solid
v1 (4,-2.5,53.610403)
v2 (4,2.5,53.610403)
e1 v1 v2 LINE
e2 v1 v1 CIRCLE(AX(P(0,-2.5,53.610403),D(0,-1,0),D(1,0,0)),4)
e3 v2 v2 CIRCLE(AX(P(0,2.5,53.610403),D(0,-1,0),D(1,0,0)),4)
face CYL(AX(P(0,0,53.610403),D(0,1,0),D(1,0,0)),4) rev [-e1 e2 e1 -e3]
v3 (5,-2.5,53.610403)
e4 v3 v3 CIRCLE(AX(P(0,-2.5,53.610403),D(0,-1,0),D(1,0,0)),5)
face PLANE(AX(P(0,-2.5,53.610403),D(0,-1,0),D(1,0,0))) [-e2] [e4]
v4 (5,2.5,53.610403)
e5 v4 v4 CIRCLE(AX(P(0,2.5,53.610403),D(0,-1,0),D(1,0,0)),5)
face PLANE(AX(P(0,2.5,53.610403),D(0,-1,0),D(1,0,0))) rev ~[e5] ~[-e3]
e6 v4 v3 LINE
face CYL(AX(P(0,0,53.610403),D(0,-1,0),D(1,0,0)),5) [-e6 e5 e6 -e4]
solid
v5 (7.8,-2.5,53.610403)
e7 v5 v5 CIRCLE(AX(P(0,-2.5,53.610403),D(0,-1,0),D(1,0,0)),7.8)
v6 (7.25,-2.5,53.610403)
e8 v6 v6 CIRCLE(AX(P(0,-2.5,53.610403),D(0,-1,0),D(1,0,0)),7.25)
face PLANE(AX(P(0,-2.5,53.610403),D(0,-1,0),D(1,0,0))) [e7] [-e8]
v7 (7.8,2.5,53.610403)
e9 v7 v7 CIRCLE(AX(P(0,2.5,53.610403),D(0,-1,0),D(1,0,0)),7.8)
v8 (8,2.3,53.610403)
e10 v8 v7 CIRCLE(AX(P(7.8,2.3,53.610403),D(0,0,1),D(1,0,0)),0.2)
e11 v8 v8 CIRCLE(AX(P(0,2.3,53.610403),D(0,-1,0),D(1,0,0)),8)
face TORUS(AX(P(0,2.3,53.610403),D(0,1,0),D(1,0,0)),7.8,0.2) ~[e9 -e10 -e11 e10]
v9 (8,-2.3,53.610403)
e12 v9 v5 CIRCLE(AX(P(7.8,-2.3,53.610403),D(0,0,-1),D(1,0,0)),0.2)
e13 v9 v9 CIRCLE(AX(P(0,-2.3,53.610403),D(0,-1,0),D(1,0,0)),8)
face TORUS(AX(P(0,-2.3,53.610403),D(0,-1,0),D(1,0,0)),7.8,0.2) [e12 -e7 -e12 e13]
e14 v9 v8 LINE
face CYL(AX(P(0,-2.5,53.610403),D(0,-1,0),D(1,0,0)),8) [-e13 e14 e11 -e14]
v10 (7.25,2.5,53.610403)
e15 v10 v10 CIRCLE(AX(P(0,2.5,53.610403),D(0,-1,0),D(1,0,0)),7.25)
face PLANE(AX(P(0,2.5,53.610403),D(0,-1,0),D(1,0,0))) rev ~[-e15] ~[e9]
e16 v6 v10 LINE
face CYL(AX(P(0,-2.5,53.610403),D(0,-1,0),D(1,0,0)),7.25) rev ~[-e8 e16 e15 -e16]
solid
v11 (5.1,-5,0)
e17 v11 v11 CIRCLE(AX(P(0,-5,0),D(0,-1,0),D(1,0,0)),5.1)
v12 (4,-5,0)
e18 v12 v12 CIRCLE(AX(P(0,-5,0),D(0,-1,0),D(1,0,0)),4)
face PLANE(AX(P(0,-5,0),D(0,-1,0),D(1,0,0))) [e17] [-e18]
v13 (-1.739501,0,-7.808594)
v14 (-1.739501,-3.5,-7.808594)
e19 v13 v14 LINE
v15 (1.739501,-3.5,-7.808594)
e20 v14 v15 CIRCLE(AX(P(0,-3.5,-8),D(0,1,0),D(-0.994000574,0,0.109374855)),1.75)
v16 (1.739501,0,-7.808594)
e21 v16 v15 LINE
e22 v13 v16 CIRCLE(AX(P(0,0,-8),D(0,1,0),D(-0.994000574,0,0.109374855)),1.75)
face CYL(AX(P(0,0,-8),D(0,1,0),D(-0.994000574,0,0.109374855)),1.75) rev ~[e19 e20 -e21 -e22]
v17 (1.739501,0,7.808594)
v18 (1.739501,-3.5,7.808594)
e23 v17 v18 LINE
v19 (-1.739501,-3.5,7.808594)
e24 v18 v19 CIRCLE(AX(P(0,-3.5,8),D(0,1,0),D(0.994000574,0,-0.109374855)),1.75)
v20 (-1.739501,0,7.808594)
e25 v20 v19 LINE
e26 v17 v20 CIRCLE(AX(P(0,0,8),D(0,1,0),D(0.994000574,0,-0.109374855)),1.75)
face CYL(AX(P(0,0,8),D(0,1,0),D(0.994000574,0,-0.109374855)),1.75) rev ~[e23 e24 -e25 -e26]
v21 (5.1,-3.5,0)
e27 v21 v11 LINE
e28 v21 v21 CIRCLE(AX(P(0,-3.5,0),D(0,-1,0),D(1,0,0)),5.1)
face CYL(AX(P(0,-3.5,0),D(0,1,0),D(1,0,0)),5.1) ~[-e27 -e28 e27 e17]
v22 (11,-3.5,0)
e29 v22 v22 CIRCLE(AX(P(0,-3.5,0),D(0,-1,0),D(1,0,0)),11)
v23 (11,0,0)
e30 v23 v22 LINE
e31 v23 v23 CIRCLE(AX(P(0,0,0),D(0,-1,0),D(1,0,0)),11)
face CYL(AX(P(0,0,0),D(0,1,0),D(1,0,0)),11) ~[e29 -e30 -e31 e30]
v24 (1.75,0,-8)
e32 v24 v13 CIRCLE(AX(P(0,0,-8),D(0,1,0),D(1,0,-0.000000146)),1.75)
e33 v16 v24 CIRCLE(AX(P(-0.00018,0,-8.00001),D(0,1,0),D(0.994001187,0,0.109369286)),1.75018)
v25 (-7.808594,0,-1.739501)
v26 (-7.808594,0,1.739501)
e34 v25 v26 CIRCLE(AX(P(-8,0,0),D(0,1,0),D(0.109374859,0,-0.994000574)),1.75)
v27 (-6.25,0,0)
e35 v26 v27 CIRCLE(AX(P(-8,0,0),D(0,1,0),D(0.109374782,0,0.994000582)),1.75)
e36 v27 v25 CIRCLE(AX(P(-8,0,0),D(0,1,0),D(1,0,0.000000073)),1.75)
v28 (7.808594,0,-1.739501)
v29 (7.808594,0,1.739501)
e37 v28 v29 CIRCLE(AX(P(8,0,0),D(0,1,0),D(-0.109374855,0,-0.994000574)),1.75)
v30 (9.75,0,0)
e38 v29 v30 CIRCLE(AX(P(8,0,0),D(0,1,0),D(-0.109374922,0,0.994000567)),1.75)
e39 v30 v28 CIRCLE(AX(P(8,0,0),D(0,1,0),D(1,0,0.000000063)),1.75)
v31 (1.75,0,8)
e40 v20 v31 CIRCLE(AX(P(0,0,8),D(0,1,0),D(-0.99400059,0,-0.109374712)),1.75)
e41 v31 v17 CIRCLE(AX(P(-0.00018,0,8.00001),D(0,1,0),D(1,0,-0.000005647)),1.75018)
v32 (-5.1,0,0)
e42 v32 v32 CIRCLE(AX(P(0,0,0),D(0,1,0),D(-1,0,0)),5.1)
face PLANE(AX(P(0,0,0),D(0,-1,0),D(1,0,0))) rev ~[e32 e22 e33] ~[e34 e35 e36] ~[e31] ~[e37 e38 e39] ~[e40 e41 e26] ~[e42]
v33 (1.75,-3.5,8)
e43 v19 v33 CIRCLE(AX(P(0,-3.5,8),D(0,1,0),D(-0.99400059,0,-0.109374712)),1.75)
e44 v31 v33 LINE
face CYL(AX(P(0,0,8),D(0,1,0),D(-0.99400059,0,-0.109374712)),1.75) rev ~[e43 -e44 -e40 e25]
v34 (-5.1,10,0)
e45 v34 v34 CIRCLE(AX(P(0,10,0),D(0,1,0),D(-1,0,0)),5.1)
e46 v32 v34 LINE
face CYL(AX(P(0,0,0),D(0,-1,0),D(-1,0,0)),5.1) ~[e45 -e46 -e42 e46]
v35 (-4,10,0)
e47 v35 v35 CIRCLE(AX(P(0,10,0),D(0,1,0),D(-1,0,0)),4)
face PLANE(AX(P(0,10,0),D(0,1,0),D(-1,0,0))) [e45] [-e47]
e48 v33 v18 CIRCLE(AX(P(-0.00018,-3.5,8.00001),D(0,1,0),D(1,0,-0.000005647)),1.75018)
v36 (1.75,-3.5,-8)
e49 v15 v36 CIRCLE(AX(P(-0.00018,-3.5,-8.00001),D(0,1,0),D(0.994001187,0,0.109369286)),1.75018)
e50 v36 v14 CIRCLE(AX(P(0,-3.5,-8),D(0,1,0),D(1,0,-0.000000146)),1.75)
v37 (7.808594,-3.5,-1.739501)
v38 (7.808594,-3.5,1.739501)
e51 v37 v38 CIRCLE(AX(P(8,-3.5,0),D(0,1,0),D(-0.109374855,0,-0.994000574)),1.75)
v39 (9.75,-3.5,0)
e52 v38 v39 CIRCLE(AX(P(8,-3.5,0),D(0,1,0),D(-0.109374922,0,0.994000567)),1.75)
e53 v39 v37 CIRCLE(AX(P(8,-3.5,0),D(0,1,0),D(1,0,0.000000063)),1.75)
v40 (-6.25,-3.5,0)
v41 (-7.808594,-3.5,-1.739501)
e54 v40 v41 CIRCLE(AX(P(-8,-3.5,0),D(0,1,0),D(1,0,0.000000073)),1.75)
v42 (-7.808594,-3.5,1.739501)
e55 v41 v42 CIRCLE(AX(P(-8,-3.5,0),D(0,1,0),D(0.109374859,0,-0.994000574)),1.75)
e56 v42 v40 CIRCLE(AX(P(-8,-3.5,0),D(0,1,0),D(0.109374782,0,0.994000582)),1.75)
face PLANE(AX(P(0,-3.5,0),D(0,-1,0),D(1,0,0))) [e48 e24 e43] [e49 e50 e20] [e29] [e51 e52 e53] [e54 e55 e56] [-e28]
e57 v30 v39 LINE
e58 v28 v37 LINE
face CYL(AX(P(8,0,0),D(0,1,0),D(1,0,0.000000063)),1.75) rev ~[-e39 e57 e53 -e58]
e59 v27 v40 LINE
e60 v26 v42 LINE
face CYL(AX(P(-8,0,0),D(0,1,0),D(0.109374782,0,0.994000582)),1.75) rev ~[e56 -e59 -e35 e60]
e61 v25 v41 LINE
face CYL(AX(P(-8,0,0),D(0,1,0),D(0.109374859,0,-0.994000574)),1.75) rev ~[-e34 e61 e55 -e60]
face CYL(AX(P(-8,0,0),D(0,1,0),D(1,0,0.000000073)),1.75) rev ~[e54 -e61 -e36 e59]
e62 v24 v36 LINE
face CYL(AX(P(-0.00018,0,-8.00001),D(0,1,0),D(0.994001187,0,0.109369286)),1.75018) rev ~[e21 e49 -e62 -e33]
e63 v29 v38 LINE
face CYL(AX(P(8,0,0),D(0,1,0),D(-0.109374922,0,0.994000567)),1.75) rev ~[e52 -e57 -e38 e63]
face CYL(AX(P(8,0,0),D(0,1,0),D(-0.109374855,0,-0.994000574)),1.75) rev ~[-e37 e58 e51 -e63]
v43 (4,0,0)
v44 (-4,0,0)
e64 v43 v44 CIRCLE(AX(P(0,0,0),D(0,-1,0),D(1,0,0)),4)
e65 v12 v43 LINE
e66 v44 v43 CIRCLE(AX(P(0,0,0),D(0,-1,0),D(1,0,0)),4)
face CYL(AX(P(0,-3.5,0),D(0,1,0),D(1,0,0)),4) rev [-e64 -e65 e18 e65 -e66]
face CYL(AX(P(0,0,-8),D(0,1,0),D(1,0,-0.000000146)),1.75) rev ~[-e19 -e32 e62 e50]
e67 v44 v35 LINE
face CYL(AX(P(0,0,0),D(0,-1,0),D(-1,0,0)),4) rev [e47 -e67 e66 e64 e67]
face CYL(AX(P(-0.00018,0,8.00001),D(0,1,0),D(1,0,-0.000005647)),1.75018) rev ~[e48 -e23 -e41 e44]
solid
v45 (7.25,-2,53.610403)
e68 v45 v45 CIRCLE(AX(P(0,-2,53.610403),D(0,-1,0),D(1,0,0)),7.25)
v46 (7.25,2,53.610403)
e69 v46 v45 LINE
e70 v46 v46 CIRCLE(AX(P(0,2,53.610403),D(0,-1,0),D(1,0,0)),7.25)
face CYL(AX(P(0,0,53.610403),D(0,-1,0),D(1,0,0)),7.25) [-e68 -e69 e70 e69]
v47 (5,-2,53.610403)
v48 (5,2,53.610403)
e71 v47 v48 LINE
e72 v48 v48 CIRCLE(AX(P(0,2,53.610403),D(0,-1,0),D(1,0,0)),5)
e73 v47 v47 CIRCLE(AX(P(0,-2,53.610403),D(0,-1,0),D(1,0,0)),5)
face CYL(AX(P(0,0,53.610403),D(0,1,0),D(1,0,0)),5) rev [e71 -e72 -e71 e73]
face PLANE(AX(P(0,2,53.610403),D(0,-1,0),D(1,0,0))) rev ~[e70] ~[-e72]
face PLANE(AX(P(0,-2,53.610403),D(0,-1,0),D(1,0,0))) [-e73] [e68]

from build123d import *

# Parameters (mm, degrees)
F0_R      = 11
F0_R_2    = 4
F1_DEPTH  = 3.5
F2_R      = 5.1
F2_R_2    = 4
F3_DEPTH  = 1.5
F4_R      = 5.1
F4_R_2    = 4
F5_DEPTH  = 10
F6_R      = 5
F6_R_2    = 4
F7_DEPTH  = 2.5
F8_R      = 7.25
F8_R_2    = 5
F9_DEPTH  = 2
F10_R     = 8
F10_R_2   = 7.25
F11_DEPTH = 5
F12_R     = 0.2


with BuildPart() as f1:
    # F0 (on Front) → F1 (new body)
    with BuildSketch(Plane.XZ):
        Circle(F0_R)
        with BuildLine():
            ThreePointArc((1.739501, 7.808594), (5.656854, 5.656854), (7.808594, 1.739501))
            ThreePointArc((7.808594, 1.739501), (9.167805, 1.303354), (9.75, 0))
            ThreePointArc((9.75, 0), (9.167805, -1.303354), (7.808594, -1.739501))
            ThreePointArc((7.808594, -1.739501), (5.656854, -5.656854), (1.739501, -7.808594))
            ThreePointArc((1.739501, -7.808594), (1.747373, -7.904153), (1.75, -8))
            ThreePointArc((1.75, -8), (-0.095847, -9.747373), (-1.739501, -7.808594))
            ThreePointArc((-1.739501, -7.808594), (-5.656854, -5.656854), (-7.808594, -1.739501))
            ThreePointArc((-7.808594, -1.739501), (-9.75, 0), (-7.808594, 1.739501))
            ThreePointArc((-7.808594, 1.739501), (-5.656854, 5.656854), (-1.739501, 7.808594))
            ThreePointArc((-1.739501, 7.808594), (-0.095847, 9.747373), (1.75, 8))
            ThreePointArc((1.75, 8), (1.747373, 7.904153), (1.739501, 7.808594))
        make_face(mode=Mode.SUBTRACT)
        with BuildLine():
            ThreePointArc((7.808594, -1.739501), (6.25, 0), (7.808594, 1.739501))
            ThreePointArc((7.808594, 1.739501), (5.656854, 5.656854), (1.739501, 7.808594))
            ThreePointArc((1.739501, 7.808594), (0, 6.25), (-1.739501, 7.808594))
            ThreePointArc((-1.739501, 7.808594), (-5.656854, 5.656854), (-7.808594, 1.739501))
            ThreePointArc((-7.808594, 1.739501), (-6.696646, 1.167805), (-6.25, 0))
            ThreePointArc((-6.25, 0), (-6.696646, -1.167805), (-7.808594, -1.739501))
            ThreePointArc((-7.808594, -1.739501), (-5.656854, -5.656854), (-1.739501, -7.808594))
            ThreePointArc((-1.739501, -7.808594), (0, -6.25), (1.739501, -7.808594))
            ThreePointArc((1.739501, -7.808594), (5.656854, -5.656854), (7.808594, -1.739501))
        make_face()
        Circle(F0_R_2, mode=Mode.SUBTRACT)
    extrude(amount=F1_DEPTH)

    # F2 (on face) → F3 (join)
    with BuildSketch(Plane.XZ.offset(3.5)):
        Circle(F2_R)
        Circle(F2_R_2, mode=Mode.SUBTRACT)
    extrude(amount=F3_DEPTH)

    # F4 (on face) → F5 (join)
    with BuildSketch(Plane(origin=(0, 0, 0), x_dir=(-1, 0, 0), z_dir=(0, 1, 0))):
        Circle(F4_R)
        Circle(F4_R_2, mode=Mode.SUBTRACT)
    extrude(amount=F5_DEPTH)


with BuildPart() as f7:
    # F6 (on Front) → F7 (new body, symmetric)
    with BuildSketch(Plane.XZ):
        with Locations((0, 53.610403)):
            Circle(F6_R)
        with Locations((0, 53.610403)):
            Circle(F6_R_2, mode=Mode.SUBTRACT)
    extrude(amount=F7_DEPTH, both=True)


with BuildPart() as f9:
    # F8 (on Front) → F9 (new body, symmetric)
    with BuildSketch(Plane.XZ):
        with Locations((0, 53.610403)):
            Circle(F8_R)
        with Locations((0, 53.610403)):
            Circle(F8_R_2, mode=Mode.SUBTRACT)
    extrude(amount=F9_DEPTH, both=True)


with BuildPart() as f11:
    # F10 (on face) → F11 (new body)
    with BuildSketch(Plane.XZ.offset(2.5)):
        with Locations((0, 53.610403)):
            Circle(F10_R)
        with Locations((0, 53.610403)):
            Circle(F10_R_2, mode=Mode.SUBTRACT)
    extrude(amount=-F11_DEPTH)

    # F12
    f12_edges = [f11.edges().sort_by_distance(p)[0] for p in [
        (-8, -2.5, 53.610403),
        (-8, 2.5, 53.610403),
    ]]
    fillet(f12_edges, radius=F12_R)


solid = Compound([f1.part, f7.part, f9.part, f11.part])
